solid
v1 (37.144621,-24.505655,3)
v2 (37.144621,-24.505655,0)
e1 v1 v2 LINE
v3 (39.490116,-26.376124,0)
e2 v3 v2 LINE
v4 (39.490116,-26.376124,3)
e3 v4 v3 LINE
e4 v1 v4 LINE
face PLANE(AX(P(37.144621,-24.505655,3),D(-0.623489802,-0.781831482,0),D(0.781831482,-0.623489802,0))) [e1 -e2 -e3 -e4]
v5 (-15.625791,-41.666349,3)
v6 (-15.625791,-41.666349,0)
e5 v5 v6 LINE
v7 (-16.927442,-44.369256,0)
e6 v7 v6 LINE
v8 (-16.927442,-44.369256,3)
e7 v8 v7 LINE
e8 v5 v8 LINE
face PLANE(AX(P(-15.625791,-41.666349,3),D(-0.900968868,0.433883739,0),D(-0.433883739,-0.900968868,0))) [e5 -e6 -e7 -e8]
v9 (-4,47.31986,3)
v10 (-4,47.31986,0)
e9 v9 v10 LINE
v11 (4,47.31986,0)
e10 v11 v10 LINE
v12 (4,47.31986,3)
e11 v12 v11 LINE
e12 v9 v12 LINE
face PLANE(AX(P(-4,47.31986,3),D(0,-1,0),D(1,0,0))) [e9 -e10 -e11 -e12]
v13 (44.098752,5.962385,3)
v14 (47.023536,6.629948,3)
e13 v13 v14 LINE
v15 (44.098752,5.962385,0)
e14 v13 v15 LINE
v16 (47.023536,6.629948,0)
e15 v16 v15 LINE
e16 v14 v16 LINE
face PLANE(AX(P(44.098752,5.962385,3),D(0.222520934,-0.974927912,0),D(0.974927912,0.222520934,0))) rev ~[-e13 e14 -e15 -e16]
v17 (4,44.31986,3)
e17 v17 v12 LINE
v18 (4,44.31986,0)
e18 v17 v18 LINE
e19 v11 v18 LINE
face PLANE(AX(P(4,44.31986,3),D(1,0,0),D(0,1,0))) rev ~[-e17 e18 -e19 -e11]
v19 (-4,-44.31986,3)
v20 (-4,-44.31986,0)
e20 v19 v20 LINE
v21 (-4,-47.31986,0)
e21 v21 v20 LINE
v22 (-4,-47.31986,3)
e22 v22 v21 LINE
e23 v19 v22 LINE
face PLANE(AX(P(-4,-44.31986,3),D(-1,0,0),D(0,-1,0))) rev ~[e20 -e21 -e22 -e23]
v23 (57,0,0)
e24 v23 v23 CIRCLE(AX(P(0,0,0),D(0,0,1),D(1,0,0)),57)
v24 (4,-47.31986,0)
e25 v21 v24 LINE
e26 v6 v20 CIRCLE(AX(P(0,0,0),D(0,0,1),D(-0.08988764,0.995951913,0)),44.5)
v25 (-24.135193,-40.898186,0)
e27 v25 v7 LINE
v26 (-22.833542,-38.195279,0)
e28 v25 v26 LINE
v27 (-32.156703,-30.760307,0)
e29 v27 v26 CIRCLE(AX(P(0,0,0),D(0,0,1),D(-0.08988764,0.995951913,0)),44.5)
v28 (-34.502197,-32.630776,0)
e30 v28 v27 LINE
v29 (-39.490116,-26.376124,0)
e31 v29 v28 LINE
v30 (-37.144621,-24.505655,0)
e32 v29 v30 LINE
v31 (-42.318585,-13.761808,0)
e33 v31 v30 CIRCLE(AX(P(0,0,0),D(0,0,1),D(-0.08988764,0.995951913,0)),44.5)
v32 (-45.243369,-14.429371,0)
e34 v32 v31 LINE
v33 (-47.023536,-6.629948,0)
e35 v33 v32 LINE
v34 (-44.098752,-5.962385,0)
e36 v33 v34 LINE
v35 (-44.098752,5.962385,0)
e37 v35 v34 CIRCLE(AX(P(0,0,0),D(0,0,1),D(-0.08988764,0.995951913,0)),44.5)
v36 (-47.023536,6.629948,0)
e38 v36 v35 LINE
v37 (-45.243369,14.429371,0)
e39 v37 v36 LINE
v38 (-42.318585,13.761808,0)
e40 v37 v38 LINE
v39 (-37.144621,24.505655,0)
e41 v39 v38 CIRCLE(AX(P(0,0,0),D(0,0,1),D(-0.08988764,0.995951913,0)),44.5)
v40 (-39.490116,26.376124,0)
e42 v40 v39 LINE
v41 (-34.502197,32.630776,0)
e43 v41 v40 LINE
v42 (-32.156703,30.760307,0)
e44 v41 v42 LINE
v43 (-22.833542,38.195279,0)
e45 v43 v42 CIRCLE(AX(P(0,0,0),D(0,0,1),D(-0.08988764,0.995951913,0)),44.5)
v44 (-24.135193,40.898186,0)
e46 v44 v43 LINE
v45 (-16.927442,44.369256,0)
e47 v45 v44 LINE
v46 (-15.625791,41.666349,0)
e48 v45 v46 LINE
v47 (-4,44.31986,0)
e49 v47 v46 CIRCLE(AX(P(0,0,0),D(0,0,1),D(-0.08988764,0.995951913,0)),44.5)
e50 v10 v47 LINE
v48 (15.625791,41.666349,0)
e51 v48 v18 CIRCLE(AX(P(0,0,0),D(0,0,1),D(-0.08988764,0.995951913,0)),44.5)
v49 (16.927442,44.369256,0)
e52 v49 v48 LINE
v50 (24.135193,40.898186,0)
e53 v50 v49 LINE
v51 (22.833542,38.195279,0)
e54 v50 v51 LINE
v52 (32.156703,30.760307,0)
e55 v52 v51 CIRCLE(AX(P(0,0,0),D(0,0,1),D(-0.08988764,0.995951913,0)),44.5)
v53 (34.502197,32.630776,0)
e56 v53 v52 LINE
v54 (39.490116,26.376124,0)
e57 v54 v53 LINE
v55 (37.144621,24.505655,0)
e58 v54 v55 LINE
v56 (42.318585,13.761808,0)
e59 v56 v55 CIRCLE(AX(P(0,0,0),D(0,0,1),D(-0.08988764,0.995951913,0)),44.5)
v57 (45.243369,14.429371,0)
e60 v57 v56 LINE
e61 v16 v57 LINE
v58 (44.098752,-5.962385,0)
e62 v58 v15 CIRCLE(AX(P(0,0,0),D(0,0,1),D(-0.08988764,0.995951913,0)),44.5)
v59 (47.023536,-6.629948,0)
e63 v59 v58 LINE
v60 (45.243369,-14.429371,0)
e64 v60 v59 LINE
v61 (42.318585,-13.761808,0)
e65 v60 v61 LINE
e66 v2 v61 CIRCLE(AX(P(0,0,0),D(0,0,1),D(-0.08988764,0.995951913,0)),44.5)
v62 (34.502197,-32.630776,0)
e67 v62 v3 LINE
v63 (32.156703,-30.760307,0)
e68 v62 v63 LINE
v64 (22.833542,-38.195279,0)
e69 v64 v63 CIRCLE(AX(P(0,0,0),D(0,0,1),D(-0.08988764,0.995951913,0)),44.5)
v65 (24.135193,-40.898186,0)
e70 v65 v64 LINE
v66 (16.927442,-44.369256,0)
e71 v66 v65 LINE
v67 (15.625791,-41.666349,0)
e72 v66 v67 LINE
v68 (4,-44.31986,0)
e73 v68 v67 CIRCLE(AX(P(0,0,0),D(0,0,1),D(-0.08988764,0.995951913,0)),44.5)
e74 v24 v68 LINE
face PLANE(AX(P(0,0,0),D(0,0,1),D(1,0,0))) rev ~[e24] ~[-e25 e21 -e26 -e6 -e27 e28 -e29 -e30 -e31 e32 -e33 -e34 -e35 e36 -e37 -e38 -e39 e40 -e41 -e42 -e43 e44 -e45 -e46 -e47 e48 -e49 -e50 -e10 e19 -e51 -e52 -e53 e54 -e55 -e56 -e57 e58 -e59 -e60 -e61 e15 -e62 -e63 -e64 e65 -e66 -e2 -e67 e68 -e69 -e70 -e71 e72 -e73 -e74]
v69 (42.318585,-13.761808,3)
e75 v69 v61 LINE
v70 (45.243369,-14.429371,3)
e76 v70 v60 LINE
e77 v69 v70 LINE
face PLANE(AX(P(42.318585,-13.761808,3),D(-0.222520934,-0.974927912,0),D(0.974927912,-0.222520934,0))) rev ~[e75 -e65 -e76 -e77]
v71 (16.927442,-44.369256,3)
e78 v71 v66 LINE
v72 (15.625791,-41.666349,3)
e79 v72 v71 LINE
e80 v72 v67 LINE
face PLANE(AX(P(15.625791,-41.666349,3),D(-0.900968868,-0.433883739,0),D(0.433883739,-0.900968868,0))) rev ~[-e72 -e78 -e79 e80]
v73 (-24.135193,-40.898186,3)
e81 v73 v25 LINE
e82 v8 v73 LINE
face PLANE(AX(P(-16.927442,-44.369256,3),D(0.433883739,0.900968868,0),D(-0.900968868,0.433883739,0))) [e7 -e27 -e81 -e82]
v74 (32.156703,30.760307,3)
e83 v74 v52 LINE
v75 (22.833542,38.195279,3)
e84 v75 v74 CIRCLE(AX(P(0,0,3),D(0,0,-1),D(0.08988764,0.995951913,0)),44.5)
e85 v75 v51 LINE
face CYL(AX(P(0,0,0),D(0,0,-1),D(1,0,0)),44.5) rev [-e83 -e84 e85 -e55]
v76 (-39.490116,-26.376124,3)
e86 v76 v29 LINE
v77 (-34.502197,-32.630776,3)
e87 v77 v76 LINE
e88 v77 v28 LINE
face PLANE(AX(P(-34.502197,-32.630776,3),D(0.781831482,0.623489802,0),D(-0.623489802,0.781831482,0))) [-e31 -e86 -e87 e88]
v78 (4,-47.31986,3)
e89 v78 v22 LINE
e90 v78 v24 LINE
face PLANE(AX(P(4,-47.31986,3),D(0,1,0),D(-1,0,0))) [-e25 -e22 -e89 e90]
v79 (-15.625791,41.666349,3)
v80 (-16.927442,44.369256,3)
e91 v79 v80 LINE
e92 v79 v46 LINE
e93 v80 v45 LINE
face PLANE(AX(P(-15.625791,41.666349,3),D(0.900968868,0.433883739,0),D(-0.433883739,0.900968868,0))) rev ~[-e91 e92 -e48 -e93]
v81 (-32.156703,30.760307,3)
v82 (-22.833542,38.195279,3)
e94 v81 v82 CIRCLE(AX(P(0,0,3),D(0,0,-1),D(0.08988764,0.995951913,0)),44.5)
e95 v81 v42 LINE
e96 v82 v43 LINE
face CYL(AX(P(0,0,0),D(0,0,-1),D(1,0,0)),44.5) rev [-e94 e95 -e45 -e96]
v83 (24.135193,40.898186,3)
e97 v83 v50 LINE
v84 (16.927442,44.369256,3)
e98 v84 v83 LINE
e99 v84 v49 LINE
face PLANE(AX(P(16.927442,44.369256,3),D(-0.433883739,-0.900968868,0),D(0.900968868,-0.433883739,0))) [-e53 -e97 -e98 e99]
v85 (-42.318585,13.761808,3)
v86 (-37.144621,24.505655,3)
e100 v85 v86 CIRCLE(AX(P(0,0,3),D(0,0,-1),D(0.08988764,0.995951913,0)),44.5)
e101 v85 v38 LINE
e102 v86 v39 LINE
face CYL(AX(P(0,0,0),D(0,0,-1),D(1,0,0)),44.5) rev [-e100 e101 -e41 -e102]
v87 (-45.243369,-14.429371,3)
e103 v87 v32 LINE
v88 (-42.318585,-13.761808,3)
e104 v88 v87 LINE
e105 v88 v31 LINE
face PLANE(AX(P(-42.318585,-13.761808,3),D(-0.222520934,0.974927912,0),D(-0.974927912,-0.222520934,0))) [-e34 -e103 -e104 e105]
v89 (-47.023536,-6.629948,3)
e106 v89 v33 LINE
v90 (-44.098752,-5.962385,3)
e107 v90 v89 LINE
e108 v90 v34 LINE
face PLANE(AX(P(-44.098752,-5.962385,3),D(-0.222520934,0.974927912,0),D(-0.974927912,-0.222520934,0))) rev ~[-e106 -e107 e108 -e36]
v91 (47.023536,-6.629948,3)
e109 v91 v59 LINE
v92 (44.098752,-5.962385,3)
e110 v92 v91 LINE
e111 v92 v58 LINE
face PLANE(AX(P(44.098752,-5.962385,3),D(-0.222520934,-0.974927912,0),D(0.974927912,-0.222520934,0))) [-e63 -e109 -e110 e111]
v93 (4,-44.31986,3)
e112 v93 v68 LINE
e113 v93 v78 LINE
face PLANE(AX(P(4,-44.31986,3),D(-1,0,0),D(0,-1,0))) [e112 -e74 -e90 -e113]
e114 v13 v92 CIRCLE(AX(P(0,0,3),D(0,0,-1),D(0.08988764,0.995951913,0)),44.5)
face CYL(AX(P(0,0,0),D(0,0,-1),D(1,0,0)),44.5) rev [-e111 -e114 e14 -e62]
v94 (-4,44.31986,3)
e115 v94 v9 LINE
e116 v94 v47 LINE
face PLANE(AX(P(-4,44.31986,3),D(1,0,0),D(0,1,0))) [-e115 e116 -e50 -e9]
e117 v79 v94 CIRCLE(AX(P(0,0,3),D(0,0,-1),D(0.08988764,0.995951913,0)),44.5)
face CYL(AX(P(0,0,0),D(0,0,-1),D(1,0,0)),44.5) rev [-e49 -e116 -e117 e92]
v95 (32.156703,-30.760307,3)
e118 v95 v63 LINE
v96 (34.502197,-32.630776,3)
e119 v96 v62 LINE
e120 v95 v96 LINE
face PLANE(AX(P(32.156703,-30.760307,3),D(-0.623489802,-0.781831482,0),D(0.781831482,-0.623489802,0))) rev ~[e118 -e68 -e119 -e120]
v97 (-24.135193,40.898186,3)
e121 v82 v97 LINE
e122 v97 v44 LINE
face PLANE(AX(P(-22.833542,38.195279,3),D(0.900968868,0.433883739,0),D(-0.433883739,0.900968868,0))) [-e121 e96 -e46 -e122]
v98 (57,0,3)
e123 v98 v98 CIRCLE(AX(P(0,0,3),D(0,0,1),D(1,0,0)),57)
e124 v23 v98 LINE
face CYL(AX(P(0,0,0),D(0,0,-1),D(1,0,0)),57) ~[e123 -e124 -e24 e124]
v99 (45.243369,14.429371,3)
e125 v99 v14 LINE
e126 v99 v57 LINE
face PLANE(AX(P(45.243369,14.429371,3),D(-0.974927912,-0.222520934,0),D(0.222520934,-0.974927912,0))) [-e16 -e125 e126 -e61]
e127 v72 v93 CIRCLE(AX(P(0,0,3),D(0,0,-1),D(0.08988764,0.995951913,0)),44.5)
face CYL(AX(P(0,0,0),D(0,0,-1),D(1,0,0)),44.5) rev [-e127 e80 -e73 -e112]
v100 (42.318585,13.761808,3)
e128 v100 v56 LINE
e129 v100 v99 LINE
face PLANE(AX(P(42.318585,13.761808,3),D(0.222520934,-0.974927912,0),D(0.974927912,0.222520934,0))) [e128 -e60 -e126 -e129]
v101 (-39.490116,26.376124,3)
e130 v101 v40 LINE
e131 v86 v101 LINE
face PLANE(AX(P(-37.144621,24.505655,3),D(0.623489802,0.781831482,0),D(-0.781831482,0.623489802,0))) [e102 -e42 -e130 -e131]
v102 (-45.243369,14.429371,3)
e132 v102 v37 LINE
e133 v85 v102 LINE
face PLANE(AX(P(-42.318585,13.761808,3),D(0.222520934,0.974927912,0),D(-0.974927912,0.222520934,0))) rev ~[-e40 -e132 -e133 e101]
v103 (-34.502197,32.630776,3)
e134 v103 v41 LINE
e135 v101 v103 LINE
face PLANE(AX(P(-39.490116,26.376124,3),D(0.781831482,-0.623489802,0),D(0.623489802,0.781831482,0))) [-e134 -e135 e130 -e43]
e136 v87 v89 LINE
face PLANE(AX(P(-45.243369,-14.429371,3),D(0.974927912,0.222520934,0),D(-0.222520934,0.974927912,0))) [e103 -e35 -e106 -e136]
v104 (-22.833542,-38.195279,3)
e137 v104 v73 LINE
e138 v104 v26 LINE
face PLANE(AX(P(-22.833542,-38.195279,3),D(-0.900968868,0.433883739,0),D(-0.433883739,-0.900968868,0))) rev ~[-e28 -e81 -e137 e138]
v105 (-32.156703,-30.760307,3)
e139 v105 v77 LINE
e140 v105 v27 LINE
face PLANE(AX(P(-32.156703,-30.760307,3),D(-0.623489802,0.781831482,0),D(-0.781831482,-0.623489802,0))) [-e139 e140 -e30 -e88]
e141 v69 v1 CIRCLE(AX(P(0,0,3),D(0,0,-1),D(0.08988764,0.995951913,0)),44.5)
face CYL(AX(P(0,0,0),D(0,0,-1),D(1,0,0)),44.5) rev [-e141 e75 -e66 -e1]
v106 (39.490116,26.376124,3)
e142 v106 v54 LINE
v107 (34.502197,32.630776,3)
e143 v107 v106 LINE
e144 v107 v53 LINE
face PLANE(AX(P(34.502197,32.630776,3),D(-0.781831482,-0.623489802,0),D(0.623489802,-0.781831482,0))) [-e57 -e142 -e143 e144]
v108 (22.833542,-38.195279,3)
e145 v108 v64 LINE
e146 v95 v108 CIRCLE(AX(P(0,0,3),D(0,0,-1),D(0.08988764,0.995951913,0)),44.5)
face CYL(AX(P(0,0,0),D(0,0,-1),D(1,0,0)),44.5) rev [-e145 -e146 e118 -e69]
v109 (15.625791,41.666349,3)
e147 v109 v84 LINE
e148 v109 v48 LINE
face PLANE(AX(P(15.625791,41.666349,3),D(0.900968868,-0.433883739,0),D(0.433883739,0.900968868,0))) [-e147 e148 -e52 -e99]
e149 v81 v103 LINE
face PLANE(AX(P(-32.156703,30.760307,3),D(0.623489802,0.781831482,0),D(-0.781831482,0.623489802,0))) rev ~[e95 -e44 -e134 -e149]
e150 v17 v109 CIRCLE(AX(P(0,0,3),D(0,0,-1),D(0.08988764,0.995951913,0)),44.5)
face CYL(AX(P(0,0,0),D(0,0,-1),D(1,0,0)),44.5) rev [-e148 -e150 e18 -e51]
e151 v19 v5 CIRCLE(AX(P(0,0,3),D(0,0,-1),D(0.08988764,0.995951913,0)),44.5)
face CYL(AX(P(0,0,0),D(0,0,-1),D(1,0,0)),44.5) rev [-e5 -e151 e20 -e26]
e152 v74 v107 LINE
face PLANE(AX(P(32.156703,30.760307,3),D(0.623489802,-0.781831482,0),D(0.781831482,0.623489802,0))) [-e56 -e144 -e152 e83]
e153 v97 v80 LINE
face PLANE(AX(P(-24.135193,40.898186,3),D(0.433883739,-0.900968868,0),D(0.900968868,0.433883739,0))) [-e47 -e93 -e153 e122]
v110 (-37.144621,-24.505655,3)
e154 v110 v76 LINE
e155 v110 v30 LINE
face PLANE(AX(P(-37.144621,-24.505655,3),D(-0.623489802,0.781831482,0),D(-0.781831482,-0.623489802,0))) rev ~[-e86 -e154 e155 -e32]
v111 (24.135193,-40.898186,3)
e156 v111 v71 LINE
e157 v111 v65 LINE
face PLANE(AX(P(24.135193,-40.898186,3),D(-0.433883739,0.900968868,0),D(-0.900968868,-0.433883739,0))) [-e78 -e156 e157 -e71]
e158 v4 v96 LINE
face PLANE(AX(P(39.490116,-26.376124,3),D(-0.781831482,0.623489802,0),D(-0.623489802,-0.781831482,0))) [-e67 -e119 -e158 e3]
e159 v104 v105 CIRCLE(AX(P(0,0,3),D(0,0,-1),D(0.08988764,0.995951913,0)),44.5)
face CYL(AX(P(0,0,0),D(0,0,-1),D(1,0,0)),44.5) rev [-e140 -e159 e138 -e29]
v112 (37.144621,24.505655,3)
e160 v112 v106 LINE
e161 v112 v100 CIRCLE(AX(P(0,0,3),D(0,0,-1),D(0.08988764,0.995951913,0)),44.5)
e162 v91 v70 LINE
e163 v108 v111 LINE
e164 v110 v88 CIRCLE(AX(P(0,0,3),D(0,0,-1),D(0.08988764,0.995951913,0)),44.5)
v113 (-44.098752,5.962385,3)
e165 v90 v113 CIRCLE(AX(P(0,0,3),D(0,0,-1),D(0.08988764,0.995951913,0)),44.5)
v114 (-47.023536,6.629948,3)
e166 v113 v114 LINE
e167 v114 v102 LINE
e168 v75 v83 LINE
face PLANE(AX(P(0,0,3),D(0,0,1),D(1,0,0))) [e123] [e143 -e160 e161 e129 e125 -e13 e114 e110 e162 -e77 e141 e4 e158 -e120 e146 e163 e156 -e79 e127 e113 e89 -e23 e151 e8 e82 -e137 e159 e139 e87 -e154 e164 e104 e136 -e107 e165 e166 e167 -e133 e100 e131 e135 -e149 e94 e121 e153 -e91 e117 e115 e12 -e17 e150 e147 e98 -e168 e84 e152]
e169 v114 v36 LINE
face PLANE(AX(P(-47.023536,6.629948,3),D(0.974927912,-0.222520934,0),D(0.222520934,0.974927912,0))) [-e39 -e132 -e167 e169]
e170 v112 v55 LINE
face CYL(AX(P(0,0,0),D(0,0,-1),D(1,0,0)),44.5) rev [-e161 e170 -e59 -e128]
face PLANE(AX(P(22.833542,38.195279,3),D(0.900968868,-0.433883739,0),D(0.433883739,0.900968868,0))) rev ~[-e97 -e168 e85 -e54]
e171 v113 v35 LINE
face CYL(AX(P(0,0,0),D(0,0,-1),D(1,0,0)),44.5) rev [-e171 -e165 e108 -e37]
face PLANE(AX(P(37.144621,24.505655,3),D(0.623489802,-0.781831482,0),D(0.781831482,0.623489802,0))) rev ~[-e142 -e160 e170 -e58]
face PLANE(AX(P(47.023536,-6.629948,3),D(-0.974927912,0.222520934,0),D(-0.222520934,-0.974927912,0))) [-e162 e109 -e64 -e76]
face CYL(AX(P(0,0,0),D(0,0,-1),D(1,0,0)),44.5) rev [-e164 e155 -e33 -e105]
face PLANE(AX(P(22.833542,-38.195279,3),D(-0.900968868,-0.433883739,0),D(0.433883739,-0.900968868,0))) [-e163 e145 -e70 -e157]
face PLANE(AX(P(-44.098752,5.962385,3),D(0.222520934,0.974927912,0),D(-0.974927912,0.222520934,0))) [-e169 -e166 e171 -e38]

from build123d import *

# Parameters (mm, degrees)
SKETCH1_R           = 57
SKETCH1_R_2         = 44.5
BOSS_EXTRUDE1_DEPTH = 3
CUT_EXTRUDE1_REACH  = 82.666
SKETCH3_W           = 8
SKETCH3_H           = 3
CIRPATTERN1_COUNT   = 14


with BuildPart() as part:
    # Sketch1 → Boss-Extrude1 (new body)
    with BuildSketch(Plane.XY):
        Circle(SKETCH1_R)
        Circle(SKETCH1_R_2, mode=Mode.SUBTRACT)
    extrude(amount=BOSS_EXTRUDE1_DEPTH)

    # Sketch3 → Cut-Extrude1 (cut, up to next)
    with BuildSketch(Plane.XY.offset(3), mode=Mode.PRIVATE) as cut_extrude1_sk1:
        with Locations((0, 45.819860108)):
            Rectangle(SKETCH3_W, SKETCH3_H)
    cut_extrude1_tool1 = extrude(cut_extrude1_sk1.sketch, amount=-CUT_EXTRUDE1_REACH, mode=Mode.PRIVATE) & part.part
    cut_extrude1 = cut_extrude1_tool1.solids().sort_by_distance((0, 45.81986, 3))[0]
    add(cut_extrude1, mode=Mode.SUBTRACT)

    # CirPattern1: Cut-Extrude1 ×14 about axis
    cirpattern1_axis = Axis((0, 0, 0), (0, 0, 1))
    for i in range(1, CIRPATTERN1_COUNT):
        add(cut_extrude1.rotate(cirpattern1_axis, i * 360 / CIRPATTERN1_COUNT), mode=Mode.SUBTRACT)


solid = part.part
